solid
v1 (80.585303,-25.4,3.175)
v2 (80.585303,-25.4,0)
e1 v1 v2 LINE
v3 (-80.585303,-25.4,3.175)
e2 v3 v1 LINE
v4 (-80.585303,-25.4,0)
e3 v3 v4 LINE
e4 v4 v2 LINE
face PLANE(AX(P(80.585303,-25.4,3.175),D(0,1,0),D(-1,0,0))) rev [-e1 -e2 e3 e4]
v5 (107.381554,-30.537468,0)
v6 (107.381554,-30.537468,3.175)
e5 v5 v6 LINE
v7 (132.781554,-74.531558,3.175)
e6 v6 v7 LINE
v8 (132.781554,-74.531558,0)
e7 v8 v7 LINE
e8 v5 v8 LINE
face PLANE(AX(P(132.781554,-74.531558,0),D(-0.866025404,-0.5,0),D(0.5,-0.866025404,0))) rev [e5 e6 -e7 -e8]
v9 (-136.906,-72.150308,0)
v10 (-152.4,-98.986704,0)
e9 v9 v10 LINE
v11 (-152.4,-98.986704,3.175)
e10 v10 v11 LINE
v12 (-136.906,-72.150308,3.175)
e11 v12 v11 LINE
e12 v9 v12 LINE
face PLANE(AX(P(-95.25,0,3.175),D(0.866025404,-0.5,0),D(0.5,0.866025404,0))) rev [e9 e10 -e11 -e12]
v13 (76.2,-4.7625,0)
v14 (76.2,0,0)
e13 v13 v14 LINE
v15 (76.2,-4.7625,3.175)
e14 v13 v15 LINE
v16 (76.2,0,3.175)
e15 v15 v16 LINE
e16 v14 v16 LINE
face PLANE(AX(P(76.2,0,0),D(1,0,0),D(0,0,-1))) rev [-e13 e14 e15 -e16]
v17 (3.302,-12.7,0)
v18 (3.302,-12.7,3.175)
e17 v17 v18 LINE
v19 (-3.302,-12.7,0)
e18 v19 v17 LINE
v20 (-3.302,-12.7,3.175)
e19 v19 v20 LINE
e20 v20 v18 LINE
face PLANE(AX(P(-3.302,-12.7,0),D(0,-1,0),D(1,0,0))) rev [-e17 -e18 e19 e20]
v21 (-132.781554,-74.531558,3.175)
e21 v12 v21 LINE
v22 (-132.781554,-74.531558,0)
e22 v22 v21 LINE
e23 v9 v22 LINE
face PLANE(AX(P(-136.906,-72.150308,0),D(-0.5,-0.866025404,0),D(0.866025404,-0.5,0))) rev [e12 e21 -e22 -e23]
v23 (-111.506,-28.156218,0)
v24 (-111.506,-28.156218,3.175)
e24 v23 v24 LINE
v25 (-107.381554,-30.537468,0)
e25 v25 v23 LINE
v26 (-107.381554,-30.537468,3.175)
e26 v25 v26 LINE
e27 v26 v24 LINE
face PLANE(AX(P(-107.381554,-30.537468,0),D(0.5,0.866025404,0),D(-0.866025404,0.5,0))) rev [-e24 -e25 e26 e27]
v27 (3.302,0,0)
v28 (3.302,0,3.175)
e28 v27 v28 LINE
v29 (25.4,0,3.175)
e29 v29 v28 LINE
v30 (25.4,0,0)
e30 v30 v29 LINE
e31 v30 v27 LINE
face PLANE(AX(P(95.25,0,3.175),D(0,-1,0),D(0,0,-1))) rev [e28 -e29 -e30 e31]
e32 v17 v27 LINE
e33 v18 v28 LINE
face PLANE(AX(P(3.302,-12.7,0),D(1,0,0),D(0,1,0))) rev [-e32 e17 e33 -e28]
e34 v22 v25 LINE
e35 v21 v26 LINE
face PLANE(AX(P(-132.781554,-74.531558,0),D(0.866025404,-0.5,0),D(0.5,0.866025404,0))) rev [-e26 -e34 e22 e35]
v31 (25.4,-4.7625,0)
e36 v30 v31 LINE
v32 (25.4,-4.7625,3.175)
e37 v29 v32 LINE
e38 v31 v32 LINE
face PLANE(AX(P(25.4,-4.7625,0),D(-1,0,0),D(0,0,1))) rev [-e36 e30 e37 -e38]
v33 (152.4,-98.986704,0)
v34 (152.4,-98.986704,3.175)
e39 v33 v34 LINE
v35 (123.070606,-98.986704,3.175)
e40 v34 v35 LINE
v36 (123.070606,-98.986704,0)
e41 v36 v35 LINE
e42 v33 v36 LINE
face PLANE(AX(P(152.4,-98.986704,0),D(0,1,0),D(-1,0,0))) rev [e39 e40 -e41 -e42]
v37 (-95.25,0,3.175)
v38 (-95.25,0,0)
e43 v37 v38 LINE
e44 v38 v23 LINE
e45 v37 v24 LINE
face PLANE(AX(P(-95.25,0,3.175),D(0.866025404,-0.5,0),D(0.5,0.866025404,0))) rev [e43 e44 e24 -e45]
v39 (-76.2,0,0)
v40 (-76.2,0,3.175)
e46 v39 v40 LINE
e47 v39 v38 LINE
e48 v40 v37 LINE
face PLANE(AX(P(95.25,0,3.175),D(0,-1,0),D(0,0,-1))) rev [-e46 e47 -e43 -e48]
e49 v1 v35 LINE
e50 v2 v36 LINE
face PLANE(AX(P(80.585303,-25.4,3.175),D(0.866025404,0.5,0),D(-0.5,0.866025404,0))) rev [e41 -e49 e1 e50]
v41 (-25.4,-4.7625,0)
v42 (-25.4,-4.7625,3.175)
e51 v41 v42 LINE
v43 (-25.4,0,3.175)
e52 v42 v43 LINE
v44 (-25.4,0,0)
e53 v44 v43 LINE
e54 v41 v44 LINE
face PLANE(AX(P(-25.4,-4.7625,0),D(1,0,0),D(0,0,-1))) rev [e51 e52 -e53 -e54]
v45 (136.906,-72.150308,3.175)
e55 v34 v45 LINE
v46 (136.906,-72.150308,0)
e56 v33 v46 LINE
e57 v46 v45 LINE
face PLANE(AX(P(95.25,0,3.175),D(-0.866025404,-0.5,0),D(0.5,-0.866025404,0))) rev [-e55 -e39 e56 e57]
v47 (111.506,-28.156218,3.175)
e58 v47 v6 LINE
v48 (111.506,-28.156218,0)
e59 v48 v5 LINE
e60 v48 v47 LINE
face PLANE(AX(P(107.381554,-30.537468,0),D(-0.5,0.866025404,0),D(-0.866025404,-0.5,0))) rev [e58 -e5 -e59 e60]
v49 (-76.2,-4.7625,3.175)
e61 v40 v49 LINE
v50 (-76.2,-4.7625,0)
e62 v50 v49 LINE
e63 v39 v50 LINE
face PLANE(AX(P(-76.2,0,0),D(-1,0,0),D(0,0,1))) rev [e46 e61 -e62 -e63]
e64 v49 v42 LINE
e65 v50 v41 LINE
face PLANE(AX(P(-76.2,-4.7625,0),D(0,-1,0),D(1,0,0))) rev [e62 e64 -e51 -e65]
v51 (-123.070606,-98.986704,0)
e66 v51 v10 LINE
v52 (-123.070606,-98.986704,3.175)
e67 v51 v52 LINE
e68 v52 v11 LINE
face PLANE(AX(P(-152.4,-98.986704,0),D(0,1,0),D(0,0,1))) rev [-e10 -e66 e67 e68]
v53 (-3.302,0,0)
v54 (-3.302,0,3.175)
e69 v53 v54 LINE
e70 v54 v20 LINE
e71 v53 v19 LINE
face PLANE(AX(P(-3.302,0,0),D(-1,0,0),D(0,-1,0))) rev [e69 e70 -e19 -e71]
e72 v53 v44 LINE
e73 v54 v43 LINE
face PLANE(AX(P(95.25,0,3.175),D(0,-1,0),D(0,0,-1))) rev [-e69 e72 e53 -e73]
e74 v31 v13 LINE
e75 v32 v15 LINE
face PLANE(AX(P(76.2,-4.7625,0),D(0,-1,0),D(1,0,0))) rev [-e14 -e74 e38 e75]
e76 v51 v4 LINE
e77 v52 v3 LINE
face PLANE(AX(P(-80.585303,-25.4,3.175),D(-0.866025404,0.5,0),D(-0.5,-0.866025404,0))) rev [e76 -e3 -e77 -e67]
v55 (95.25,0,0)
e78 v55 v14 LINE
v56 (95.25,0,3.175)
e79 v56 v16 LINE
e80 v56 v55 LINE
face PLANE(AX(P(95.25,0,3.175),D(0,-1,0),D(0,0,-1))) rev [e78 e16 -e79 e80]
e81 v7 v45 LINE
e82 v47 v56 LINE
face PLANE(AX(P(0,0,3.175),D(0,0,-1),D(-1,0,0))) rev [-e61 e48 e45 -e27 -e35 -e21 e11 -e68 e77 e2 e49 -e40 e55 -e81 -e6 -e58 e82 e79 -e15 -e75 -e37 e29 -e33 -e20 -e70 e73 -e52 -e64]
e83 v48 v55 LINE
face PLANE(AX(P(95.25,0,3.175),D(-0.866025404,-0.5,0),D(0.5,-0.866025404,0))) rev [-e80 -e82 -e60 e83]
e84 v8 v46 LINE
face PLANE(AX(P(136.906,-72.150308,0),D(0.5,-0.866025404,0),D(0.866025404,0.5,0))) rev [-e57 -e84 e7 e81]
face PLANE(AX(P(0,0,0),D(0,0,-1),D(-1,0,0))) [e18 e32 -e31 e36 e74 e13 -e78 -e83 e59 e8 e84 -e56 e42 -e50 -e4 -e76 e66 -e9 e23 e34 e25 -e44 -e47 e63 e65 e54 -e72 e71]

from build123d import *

# Parameters (mm, degrees)
BOSS_EXTRUDE1_DEPTH = 3.175
SKETCH2_W           = 6.604
SKETCH2_H           = 12.7
SKETCH2_W_2         = 50.8
SKETCH2_H_2         = 4.7625
CUT_EXTRUDE1_DEPTH  = 192.297317003


with BuildPart() as part:
    # Sketch1 → Boss-Extrude1 (new body)
    with BuildSketch(Plane.XY):
        Polygon((95.25, 0), (-95.25, 0), (-153.67, -101.186408178), (-131.672954744, -113.886408178), (-80.585303163, -25.4), (80.585303163, -25.4), (131.672954744, -113.886408178), (153.67, -101.186408178), align=None)
    extrude(amount=BOSS_EXTRUDE1_DEPTH)

    # Sketch2 → Cut-Extrude1 (cut, through all)
    with BuildSketch(Plane.XY.offset(3.175)):
        with Locations((0, -6.35)):
            Rectangle(SKETCH2_W, SKETCH2_H)
        Polygon((-111.506, -28.156217928), (-136.906, -72.15030844), (-132.781554014, -74.53155844), (-107.381554014, -30.537467928), align=None)
        with Locations((-50.8, -2.38125)):
            Rectangle(SKETCH2_W_2, SKETCH2_H_2)
        with Locations((50.8, -2.38125)):
            Rectangle(SKETCH2_W_2, SKETCH2_H_2)
        Polygon((107.381554014, -30.537467928), (111.506, -28.156217928), (136.906, -72.15030844), (132.781554014, -74.53155844), align=None)
        Polygon((-152.4, -98.986703653), (-123.070606325, -98.986703653), (-131.672954744, -113.886408178), (-153.67, -101.186408178), align=None)
        Polygon((153.67, -101.186408178), (152.4, -98.986703653), (123.070606325, -98.986703653), (131.672954744, -113.886408178), align=None)
    extrude(amount=-CUT_EXTRUDE1_DEPTH, mode=Mode.SUBTRACT)


solid = part.part
